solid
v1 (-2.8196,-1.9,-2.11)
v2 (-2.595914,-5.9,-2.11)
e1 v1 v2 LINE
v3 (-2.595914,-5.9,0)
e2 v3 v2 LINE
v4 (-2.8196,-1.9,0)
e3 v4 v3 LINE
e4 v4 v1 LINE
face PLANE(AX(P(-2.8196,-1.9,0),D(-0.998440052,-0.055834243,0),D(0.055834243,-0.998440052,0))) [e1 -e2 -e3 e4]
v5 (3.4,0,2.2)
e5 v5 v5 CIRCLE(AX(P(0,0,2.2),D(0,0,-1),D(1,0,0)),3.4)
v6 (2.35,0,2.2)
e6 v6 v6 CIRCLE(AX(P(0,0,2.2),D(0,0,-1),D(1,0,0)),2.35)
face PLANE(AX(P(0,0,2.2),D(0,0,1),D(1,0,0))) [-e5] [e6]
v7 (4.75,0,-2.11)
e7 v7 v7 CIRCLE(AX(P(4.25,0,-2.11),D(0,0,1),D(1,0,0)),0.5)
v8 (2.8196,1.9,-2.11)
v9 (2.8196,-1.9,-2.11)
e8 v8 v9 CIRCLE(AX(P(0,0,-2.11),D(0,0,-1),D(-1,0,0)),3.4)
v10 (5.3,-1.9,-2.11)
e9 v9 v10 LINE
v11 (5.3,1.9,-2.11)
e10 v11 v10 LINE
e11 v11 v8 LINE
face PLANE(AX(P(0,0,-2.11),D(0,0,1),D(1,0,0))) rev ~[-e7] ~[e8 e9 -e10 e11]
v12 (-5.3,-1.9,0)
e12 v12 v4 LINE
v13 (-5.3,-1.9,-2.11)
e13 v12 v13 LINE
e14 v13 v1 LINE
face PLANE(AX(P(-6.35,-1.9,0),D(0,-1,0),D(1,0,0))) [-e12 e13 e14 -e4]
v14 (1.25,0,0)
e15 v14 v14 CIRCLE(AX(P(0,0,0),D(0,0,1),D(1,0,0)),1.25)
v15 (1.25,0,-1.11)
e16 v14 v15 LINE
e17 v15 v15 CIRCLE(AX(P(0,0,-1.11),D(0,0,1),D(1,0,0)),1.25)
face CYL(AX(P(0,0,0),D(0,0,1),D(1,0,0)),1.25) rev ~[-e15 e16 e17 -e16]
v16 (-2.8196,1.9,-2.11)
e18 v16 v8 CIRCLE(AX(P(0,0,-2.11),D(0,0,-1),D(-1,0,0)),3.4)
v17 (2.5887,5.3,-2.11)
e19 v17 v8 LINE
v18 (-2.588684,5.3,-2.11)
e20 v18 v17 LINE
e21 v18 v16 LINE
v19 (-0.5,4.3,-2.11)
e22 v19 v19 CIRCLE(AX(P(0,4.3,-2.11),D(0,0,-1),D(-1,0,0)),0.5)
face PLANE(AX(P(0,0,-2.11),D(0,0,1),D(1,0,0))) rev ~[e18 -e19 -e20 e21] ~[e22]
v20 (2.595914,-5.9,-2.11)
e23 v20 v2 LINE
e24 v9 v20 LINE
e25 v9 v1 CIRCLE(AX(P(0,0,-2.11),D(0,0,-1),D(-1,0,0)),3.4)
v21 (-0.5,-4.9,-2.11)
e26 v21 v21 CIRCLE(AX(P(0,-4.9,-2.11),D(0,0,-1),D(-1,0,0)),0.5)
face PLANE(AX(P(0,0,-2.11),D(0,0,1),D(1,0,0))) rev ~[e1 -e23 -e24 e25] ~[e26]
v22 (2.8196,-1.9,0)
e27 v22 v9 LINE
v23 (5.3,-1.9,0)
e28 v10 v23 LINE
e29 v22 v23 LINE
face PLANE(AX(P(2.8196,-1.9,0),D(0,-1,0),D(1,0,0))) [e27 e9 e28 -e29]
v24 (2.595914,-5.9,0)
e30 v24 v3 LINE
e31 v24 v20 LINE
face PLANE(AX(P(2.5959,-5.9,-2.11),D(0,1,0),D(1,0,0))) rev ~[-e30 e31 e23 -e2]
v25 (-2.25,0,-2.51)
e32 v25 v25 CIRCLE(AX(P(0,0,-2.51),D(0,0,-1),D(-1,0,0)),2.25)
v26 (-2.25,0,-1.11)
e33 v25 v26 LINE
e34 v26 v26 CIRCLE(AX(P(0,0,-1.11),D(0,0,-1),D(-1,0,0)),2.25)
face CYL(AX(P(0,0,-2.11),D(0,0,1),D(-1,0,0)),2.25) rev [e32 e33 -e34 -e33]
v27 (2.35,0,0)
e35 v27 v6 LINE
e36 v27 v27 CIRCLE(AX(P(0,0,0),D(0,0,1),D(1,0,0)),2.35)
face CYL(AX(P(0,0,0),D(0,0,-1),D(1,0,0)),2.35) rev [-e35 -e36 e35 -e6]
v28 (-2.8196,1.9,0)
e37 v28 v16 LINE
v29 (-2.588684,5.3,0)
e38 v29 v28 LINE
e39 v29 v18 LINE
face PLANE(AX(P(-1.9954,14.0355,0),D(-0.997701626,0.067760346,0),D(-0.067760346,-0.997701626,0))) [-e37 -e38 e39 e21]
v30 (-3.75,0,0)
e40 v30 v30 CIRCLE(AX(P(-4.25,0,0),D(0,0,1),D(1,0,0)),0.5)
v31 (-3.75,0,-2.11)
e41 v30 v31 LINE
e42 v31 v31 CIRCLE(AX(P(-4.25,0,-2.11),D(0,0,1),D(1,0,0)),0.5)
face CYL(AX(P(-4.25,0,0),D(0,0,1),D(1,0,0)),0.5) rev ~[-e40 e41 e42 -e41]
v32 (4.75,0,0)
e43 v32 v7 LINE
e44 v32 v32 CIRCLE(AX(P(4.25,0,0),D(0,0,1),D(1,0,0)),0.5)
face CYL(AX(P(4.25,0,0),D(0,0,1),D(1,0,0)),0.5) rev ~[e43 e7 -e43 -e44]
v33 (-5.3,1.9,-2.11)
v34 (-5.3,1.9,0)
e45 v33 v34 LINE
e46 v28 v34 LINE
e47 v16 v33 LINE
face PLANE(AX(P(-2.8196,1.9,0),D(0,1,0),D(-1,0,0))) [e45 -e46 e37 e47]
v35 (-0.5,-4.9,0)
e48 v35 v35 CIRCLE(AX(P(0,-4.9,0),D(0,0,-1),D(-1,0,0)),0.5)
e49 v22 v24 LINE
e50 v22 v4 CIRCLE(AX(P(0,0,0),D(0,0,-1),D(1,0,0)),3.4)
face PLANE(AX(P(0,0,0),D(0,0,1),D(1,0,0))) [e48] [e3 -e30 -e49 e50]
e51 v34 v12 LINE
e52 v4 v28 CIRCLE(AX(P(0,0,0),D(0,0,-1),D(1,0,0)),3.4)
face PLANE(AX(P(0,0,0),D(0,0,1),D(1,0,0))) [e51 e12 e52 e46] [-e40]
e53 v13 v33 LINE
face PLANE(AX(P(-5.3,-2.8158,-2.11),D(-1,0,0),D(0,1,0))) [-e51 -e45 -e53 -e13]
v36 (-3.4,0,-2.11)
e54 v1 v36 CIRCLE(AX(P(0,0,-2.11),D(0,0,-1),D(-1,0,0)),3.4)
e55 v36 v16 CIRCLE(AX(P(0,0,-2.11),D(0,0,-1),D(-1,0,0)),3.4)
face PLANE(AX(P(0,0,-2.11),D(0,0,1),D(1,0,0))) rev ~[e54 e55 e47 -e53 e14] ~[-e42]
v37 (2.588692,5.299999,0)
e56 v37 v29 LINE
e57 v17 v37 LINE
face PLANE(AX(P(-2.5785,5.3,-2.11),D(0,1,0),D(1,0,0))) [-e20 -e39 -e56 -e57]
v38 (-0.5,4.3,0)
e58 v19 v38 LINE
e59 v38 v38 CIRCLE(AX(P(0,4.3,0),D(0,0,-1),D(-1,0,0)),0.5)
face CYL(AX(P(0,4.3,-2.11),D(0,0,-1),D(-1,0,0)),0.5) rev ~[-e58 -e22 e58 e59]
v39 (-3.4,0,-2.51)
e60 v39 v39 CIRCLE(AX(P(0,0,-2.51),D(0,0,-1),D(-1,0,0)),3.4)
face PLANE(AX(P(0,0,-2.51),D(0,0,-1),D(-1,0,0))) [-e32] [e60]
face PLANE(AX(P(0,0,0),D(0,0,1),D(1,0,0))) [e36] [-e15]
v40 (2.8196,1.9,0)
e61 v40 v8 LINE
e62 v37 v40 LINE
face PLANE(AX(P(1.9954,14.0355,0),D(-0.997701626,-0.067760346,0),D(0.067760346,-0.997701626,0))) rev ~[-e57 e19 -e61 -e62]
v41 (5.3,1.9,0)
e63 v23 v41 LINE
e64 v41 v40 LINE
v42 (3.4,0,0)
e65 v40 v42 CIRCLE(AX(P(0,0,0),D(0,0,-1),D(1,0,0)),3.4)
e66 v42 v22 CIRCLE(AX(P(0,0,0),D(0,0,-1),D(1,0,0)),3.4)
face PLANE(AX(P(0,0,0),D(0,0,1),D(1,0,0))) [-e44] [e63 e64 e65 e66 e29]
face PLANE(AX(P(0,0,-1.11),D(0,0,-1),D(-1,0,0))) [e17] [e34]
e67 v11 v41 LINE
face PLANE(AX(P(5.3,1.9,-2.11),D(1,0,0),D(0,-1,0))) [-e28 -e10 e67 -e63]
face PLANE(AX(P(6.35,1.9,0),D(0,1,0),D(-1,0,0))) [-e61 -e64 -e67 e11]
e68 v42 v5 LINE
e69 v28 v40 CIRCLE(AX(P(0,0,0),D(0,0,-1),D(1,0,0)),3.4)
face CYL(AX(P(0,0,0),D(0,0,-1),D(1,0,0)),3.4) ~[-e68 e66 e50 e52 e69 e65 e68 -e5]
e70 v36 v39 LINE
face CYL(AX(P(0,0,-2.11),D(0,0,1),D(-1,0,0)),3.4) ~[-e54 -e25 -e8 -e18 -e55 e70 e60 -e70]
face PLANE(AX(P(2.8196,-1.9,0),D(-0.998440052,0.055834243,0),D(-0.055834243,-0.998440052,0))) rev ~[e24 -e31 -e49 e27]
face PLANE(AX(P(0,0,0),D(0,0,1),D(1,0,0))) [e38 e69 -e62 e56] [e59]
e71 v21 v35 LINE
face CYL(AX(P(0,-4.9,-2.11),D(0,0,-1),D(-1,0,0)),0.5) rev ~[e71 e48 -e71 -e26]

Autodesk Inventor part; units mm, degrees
ref_plane "YZ Plane" through (0, 0, 0) normal (1, 0, 0) x (0, 1, 0)
ref_plane "XZ Plane" through (0, 0, 0) normal (0, 1, 0) x (-1, 0, 0)
ref_plane "XY Plane" through (0, 0, 0) normal (0, 0, 1) x (1, 0, 0)
sketch "스케치1" plane through (0, 0, 0) normal (0, 0, 1) x (1, 0, 0)
  circle A0 centre (0, 0) radius 2.5
  line L0 (-6.35, 0) -> (6.35, 0) construction
  line L1 (-6.35, -1.9) -> (6.35, -1.9)
  line L2 (6.35, 1.9) -> (-6.35, 1.9)
  arc A1 (-6.35, 1.9) -> (-6.35, -1.9) centre (-6.35, 0) ccw
  arc A2 (6.35, -1.9) -> (6.35, 1.9) centre (6.35, 0) ccw
  line L3 (0, 14.5) -> (0, -14.5) construction
  circle A3 centre (0, 14.5) radius 0.5
  circle A4 centre (0, -14.5) radius 0.5
  circle A5 centre (6.35, 0) radius 0.5
  circle A6 centre (-6.35, 0) radius 0.5
  circle A7 centre (-4.25, 0) radius 0.5
  circle A8 centre (4.25, 0) radius 0.5
  line L4 (0, -1.9) -> (0, -18.5)
  line L5 (0, 1.9) -> (0, 15.9)
  arc A9 (1.9954, 14.0355) -> (-1.9954, 14.0355) centre (0, 13.9) ccw
  arc A10 (-1.9969, -16.6117) -> (1.9969, -16.6117) centre (0, -16.5) ccw
  circle A11 centre (0, 0) radius 3.4
  line L6 (-1.9954, 14.0355) -> (-2.8196, 1.9)
  line L7 (1.9954, 14.0355) -> (2.8196, 1.9)
  line L8 (-2.8196, -1.9) -> (-1.9969, -16.6117)
  line L9 (2.8196, -1.9) -> (1.9969, -16.6117)
  circle A12 centre (0, 12.5) radius 0.5
  circle A13 centre (0, 10.5) radius 0.5
  circle A14 centre (0, 8.5) radius 0.5
  circle A15 centre (0, 6.5) radius 0.5
  circle A16 centre (0, 4.5) radius 0.5
  circle A17 centre (0, 0) radius 2.35
  circle A18 centre (0, -16.5) radius 0.5
  circle A19 centre (0, -12.5) radius 0.5
  circle A20 centre (0, -10.5) radius 0.5
  circle A21 centre (0, -8.5) radius 0.5
  circle A22 centre (0, -6.5) radius 0.5
  circle A23 centre (0, -4.5) radius 0.5
  dimension "d0" = 5
  dimension "d1" = 1.9
  dimension "d2" = 16.5
  dimension "d3" = 29
  dimension "d4" = 1
  dimension "d5" = 1
  dimension "d6" = 1
  dimension "d7" = 1
  dimension "d10" = 2.1
  dimension "d17" = 2.1
  dimension "d24" = 16.6
  dimension "d25" = 14
  dimension "d26" = 4
  dimension "d27" = 4
  dimension "d28" = 6.8
  dimension "d31" = 2
  dimension "d36" = 4.7
  dimension "d39" = 2
  dimension "d46" = 2
extrude "돌출1" add sketch "스케치1" along normal blind 2.2 contours A0 L1 A17 L2 | A0 L2 A11 L1 | L2 A17 L5 A0 | A0 L5 A11 L2 | L1 A11 L4 A0 | A0 L4 A17 L1 | L5 A17 L2 A0 | A0 L2 A11 L5 | A17 L1 L2 | L2 L5 A17 | L4 A11 L1 A0 | A0 L1 A17 L4 | A17 L4 L1 | L2 A17 L1 A0 | A0 L1 A11 L2 | L5 L2 A17 | A17 L1 L4
extrude "돌출2" add sketch "스케치1" against normal blind 2.11 contours A0 L1 A17 L2 | A0 L2 A11 L1 | L2 A17 L5 A0 | A0 L5 A11 L2 | L1 A11 L4 A0 | A0 L4 A17 L1 | L5 A17 L2 A0 | A0 L2 A11 L5 | L2 A2 L1 A11 | A11 L5 A16 A15 A14 A13 A12 A3 A9 L7 | A17 L1 L2 | L2 L5 A17 | L4 A11 L1 A0 | A0 L1 A17 L4 | A17 L4 L1 | L9 A10 L4 A18 A4 A19 A20 A21 A22 A23 A11 | L2 A17 L1 A0 | A0 L1 A11 L2 | L5 L2 A17 | A11 L6 A9 L5 A3 A12 A13 A14 A15 A16 | A17 L1 L4 | L4 A23 A22 A21 A20 A19 A4 A18 A10 L8 A11 | A11 L1 A1 L2
extrude "돌출3" cut sketch "스케치1" along normal blind 3.65 contours A17 L1 L2 | L2 L5 A17 | A17 L4 L1 | L5 L2 A17 | A17 L1 L4
sketch "스케치2" plane through (0, 0, 0) normal (0, 0, 1) x (1, 0, 0)
  circle A0 centre (0, 0) radius 1.25
  dimension "d57" = 2.5
extrude "돌출4" cut sketch "스케치2" against normal blind 7.6
sketch "스케치3" plane through (0, 0, -2.11) normal (0, 0, -1) x (-1, 0, 0)
  circle A0 centre (0, 0) radius 2.25
  dimension "d60" = 4.5
extrude "돌출5" cut sketch "스케치3" against normal blind 1
sketch "스케치4" plane through (0, 0, -2.11) normal (0, 0, -1) x (-1, 0, 0)
  point P0 (0, 0)
sketch "스케치5" plane through (0, 0, -2.11) normal (0, 0, -1) x (-1, 0, 0)
  circle A0 centre (0, 0) radius 3.4
  circle A1 centre (0, 0) radius 2.25
  dimension "d63" = 4.5
  dimension "d64" = 6.8
extrude "돌출6" add sketch "스케치5" along normal blind 0.4
sketch "스케치6" plane through (0, 0, -2.11) normal (0, 0, -1) x (-1, 0, 0)
  line L0 (0.9014, 15.3127) -> (-1.0592, 15.3127)
  line L1 (-1.0592, 15.3127) -> (-1.0592, 3.6394)
  line L2 (-1.0592, 3.6394) -> (0.9014, 3.6394)
  line L3 (0.9014, 3.6394) -> (0.9014, 15.3127)
  line L4 (1.0141, -3.7747) -> (-1.0592, -3.7747)
  line L5 (-1.0592, -3.7747) -> (-1.0592, -17.386)
  line L6 (-1.0592, -17.386) -> (1.0141, -17.386)
  line L7 (1.0141, -17.386) -> (1.0141, -3.7747)
  point P0 (0, 0)
extrude "돌출7" add sketch "스케치6" against normal blind 2.11
sketch "스케치7" plane through (0, 0, -2.11) normal (0, 0, -1) x (-1, 0, 0)
  circle A0 centre (0, 14.3) radius 0.5
  arc A1 (1.9954, 14.0355) -> (-1.9954, 14.0355) centre (0, 13.9) ccw projected
  line L0 (0, 0) -> (0, 0.7105)
  line L1 (0, 0) -> (0.8275, 0)
  circle A2 centre (0, 12.3) radius 0.5
  circle A3 centre (0, 10.3) radius 0.5
  circle A4 centre (0, 8.3) radius 0.5
  circle A5 centre (0, 6.3) radius 0.5
  circle A6 centre (0, 4.3) radius 0.5
  line L2 (0, 15.9) -> (3.4178, 15.9)
  arc A7 (1.9954, 14.0355) -> (-1.9954, 14.0355) centre (0, 13.9) ccw projected
  circle A8 centre (0, -16.9) radius 0.5
  arc A9 (-1.9969, -16.6117) -> (1.9969, -16.6117) centre (0, -16.5) ccw projected
  circle A10 centre (0, -14.9) radius 0.5
  circle A11 centre (0, -12.9) radius 0.5
  circle A12 centre (0, -10.9) radius 0.5
  circle A13 centre (0, -8.9) radius 0.5
  circle A14 centre (0, -6.9) radius 0.5
  circle A15 centre (0, -4.9) radius 0.5
  point P0 (0, -18.5)
  dimension "d69" = 1
  dimension "d73" = 2
  dimension "d78" = 1.6
  dimension "d79" = 1
  dimension "d80" = 1.6
  dimension "d86" = 2
extrude "돌출8" cut sketch "스케치7" against normal blind 2.11
sketch "스케치9" plane through (0, 0, -2.11) normal (0, 0, -1) x (-1, 0, 0)
  circle A0 centre (0, 8.3) radius 0.5 projected
  line L0 (0.5, 8.3) -> (3.8465, 8.3)
  line L1 (3.8465, 8.3) -> (3.8465, 17.7965)
  line L2 (3.8465, 17.7965) -> (-4.3088, 17.7965)
  line L3 (-4.3088, 17.7965) -> (-4.3088, 8.3)
  line L4 (-4.3088, 8.3) -> (0.2806, 8.3)
  circle A1 centre (0, -8.9) radius 0.5 projected
  line L5 (0, -8.9) -> (5.2333, -8.9)
  line L6 (5.2333, -8.9) -> (5.2333, -19.7775)
  line L7 (5.2333, -19.7775) -> (-4.9031, -19.7775)
  line L8 (-4.9031, -19.7775) -> (-4.9031, -8.9)
  line L9 (-4.9031, -8.9) -> (0, -8.9)
  point P0 (0, 0)
  point P1 (0.5, -8.9)
  point P2 (-0.5, -8.9)
  point P3 (-0.5, 8.3)
extrude "돌출9" cut sketch "스케치9" against normal blind 10 contours A0 L4 L3 L2 L1 L0 | L5 L6 L7 L8 L9 A1
sketch "스케치10" plane through (0, 0, -2.11) normal (0, 0, -1) x (-1, 0, 0)
  line L0 (-0.0004, 7.8) -> (4.3151, 7.8)
  line L1 (4.3151, 7.8) -> (3.7805, 10.6296)
  line L2 (3.7805, 10.6296) -> (-3.3513, 10.6296)
  line L3 (-3.3513, 10.6296) -> (-3.4414, 7.8)
  line L4 (-3.4414, 7.8) -> (-0.0004, 7.8)
  arc A0 (-0.5, 8.3) -> (0.5, 8.3) centre (0, 8.3) ccw projected
  arc A1 (0.5, -8.9) -> (-0.5, -8.9) centre (0, -8.9) ccw projected
  line L5 (0, -8.4) -> (4.5069, -8.4)
  line L6 (4.5069, -8.4) -> (4.5069, -10.1694)
  line L7 (4.5069, -10.1694) -> (-4.0138, -10.1694)
  line L8 (-4.0138, -10.1694) -> (-4.0138, -8.4)
  line L9 (-4.0138, -8.4) -> (0, -8.4)
  point P0 (0, 0)
extrude "돌출10" cut sketch "스케치10" against normal blind 10
fillet "모깎기1" radius 2 2 edges at (-2.4189, 7.8, -1.055) (-2.4561, -8.4, -1.055)
sketch "스케치11" plane through (0, 0, -2.11) normal (0, 0, -1) x (-1, 0, 0)
  line L0 (-6.35, -1.9) -> (-2.8196, -1.9) projected
  line L1 (-2.8196, 1.9) -> (-6.35, 1.9) projected
  circle A0 centre (0, 6.3) radius 0.5 projected
  circle A1 centre (0, -6.9) radius 0.5 projected
  line L2 (2.8196, 1.9) -> (2.5455, 5.9355) projected
  line L3 (-2.5455, 5.9355) -> (-2.8196, 1.9) projected
  line L4 (0.5501, 7.8) -> (-0.5501, 7.8) projected
  line L5 (-2.8196, -1.9) -> (-2.5617, -6.5117) projected
  line L6 (2.5617, -6.5117) -> (2.8196, -1.9) projected
  point P0 (0, 0)
  point P1 (-4.5848, -1.9)
  point P2 (-4.5848, 1.9)
  point P3 (0, 7.8)
  dimension "d95" = 3.8
  dimension "d96" = 6.3
  dimension "d97" = 6.9
  dimension "d98" = 7.77
  dimension "d99" = 7.8
  dimension "d100" = 6.401
sketch "스케치12" plane through (0, 0, -2.11) normal (0, 0, -1) x (-1, 0, 0)
  line L0 (2.5785, 5.3) -> (-2.5887, 5.3)
  line L1 (-2.5455, 5.9355) -> (-2.8196, 1.9) projected
  circle A0 centre (0, 4.3) radius 0.5 projected
  line L2 (3.3006, -5.9) -> (-2.5959, -5.9)
  line L3 (-2.8196, -1.9) -> (-2.5617, -6.5117) projected
  circle A1 centre (0, -4.9) radius 0.5 projected
  line L4 (2.8196, 1.9) -> (6.35, 1.9) projected
  line L5 (5.3, 1.9) -> (5.3, -1.9)
  circle A2 centre (4.25, 0) radius 0.5 projected
  line L6 (-6.35, 1.9) -> (-2.8196, 1.9) projected
  line L7 (-5.3, 1.9) -> (-5.3, -2.6397)
  circle A3 centre (-4.25, 0) radius 0.5 projected
  line L8 (5.3, 1.9) -> (9.4862, 1.9)
  line L9 (9.4862, 1.9) -> (9.4862, -2.8158)
  line L10 (9.4862, -2.8158) -> (5.3, -2.8158)
  line L11 (5.3, -2.8158) -> (5.3, 1.9)
  line L12 (3.3006, -5.9) -> (-3.636, -5.9)
  line L13 (-3.636, -5.9) -> (-3.636, -9.5734)
  line L14 (-3.636, -9.5734) -> (3.3006, -9.5734)
  line L15 (3.3006, -9.5734) -> (3.3006, -5.9)
  line L16 (-5.3, -2.6397) -> (-8.4677, -2.6397)
  line L17 (-8.4677, -2.6397) -> (-8.4677, 1.9)
  line L18 (-8.4677, 1.9) -> (-5.3, 1.9)
  line L19 (-5.3, 1.9) -> (-5.3, -2.6397)
  line L20 (-2.5887, 5.3) -> (3.3006, 5.3)
  line L21 (3.3006, 5.3) -> (3.3006, 8.0343)
  line L22 (3.3006, 8.0343) -> (-2.5887, 8.0343)
  line L23 (-2.5887, 8.0343) -> (-2.5887, 5.3)
  point P0 (0, 0)
  point P1 (-0.0051, 5.3)
  point P2 (-2.5617, -5.9)
  point P3 (-2.5959, -5.9)
  dimension "d101" = 1
  dimension "d102" = 1
  dimension "d104" = 1.05
  dimension "d105" = 1.05
extrude "돌출11" cut sketch "스케치12" against normal blind 10 contours L7 L16 L17 L18 L6 | L0 L23 L22 L21 L20 | L15 L14 L13 L12 L2 | L4 L8 L9 L10 L11 L5
properties part number "180도 서보모터 십자축"
